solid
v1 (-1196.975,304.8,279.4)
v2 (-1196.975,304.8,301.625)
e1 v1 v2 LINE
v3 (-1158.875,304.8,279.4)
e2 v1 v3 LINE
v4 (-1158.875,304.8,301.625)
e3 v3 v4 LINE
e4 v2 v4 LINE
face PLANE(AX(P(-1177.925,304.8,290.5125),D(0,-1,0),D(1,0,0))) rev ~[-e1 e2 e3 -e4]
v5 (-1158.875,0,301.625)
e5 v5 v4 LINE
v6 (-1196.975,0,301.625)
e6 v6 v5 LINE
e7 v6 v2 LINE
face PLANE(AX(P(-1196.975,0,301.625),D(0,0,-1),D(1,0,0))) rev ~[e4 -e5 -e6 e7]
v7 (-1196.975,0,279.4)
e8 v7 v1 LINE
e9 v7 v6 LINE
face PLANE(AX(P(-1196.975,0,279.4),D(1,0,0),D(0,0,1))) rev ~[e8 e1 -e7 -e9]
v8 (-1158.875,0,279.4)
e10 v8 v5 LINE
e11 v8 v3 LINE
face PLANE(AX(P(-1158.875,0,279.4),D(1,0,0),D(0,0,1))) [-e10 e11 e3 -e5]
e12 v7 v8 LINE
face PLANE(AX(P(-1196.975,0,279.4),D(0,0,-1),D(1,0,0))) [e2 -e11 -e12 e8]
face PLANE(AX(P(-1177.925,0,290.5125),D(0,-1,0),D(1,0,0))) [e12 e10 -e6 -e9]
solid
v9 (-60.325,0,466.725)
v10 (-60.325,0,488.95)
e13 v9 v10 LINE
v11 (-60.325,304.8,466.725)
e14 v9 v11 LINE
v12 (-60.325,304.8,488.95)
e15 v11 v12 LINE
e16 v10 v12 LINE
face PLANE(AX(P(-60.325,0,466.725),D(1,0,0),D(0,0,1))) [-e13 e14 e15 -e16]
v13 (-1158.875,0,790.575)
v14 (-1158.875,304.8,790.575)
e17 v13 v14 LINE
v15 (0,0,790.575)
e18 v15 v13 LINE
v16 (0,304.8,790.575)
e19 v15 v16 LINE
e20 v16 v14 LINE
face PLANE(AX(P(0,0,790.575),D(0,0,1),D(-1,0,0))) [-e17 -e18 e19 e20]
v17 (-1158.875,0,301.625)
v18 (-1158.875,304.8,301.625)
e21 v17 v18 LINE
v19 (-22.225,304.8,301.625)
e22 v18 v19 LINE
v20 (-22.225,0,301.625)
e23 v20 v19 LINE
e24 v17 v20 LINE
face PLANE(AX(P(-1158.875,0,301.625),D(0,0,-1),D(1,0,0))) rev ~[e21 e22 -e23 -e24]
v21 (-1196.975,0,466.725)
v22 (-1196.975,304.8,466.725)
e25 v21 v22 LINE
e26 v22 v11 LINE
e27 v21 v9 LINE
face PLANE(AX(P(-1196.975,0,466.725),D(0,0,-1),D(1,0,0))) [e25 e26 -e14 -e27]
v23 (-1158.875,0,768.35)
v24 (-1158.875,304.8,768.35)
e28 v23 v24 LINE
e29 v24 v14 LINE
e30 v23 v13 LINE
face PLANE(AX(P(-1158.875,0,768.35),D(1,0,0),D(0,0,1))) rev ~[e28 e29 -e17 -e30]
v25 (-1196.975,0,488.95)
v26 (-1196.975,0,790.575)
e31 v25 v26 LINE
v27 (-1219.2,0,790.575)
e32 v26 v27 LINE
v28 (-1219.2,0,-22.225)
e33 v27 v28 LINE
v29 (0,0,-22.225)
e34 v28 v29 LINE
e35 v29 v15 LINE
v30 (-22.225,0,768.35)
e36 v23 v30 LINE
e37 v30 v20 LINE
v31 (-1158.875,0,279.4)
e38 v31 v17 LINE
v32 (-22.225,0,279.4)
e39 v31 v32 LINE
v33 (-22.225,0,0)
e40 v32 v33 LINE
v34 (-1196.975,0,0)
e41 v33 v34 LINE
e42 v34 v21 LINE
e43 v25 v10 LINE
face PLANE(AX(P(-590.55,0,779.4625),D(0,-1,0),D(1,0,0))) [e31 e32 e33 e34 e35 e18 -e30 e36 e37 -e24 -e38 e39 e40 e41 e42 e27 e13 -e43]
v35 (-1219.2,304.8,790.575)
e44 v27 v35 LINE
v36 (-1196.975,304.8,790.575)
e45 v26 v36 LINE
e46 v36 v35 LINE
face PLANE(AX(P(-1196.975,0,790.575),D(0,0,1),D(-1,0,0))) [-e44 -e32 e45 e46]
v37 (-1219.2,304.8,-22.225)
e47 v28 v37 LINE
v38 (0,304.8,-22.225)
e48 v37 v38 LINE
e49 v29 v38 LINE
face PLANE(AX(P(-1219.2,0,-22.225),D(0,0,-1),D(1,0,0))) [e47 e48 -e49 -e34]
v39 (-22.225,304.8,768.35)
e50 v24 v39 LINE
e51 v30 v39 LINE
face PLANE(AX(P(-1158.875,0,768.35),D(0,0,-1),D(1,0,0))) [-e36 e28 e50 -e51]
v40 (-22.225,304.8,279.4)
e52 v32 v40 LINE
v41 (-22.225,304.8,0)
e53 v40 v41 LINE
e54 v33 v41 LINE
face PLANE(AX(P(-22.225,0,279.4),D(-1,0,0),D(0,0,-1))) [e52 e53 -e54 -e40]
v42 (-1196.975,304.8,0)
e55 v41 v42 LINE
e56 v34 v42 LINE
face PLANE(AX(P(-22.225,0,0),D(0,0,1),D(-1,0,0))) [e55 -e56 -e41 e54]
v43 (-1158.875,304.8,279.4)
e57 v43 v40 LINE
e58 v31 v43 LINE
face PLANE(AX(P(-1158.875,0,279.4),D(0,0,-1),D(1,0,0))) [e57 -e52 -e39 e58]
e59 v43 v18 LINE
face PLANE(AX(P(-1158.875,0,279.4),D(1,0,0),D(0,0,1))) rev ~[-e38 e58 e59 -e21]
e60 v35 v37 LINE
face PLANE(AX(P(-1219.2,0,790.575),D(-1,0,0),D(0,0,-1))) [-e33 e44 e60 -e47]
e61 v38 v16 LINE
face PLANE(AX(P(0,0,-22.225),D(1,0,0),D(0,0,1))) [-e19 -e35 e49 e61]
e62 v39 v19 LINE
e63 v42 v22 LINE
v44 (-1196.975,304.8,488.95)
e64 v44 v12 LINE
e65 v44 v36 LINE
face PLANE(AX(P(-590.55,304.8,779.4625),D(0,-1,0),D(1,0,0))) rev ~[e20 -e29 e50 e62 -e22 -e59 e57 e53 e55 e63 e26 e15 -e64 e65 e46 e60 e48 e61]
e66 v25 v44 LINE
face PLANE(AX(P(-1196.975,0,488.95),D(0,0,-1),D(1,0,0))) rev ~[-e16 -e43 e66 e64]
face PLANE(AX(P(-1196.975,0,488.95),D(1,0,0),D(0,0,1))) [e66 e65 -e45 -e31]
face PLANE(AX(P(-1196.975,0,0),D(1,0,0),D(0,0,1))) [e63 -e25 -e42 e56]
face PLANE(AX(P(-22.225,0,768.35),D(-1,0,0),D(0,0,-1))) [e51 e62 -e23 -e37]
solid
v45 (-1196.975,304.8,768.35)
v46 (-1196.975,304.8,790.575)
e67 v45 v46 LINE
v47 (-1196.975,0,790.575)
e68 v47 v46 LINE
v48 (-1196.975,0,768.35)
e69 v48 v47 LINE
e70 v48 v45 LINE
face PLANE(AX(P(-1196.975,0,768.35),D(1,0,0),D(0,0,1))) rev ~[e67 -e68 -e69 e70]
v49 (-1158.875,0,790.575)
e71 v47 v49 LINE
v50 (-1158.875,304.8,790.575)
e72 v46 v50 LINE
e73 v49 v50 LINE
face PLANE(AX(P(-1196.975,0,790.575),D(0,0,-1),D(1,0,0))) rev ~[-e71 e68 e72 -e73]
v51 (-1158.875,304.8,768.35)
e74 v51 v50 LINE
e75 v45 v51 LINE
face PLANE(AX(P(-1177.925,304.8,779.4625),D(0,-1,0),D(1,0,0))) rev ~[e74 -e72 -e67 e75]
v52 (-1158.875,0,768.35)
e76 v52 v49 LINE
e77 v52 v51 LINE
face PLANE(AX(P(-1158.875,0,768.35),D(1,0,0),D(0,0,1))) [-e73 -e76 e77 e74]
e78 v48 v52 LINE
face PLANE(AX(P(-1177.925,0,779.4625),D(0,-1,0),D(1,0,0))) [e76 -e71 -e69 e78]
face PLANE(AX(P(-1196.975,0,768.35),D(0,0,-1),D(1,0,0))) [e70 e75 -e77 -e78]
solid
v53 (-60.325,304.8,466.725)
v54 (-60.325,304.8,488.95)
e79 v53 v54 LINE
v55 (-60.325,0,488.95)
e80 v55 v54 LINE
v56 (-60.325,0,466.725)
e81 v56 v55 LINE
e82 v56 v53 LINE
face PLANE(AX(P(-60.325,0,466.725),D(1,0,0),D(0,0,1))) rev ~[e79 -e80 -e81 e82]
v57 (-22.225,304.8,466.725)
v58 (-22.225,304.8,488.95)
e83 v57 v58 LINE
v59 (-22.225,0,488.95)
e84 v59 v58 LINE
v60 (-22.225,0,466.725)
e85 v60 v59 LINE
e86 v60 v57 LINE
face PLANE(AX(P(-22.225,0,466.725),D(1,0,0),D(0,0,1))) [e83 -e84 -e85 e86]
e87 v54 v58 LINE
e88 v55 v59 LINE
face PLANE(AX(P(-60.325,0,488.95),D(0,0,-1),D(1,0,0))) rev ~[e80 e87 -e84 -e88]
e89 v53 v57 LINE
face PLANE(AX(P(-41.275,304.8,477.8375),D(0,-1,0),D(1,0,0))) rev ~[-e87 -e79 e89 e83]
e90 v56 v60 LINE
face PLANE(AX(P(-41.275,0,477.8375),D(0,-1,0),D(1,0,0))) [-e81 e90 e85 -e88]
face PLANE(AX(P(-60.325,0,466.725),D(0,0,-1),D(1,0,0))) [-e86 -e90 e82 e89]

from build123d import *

# Parameters (mm, degrees)
F0_W     = 1136.65
F0_H     = 22.225
F1_DEPTH = 304.8
F0_W_2   = 38.1
F2_DEPTH = 304.8


with BuildPart() as f1:
    # F0 (on Front) → F1 (new body)
    with BuildSketch(Plane.XZ):
        with Locations((-590.55, 779.4625)):
            Rectangle(F0_W, F0_H)
        Polygon((-1219.2, 0), (-1196.975, 0), (-1196.975, 279.4), (-1196.975, 301.625), (-1196.975, 466.725), (-1196.975, 488.95), (-1196.975, 768.35), (-1196.975, 790.575), (-1219.2, 790.575), align=None)
        with Locations((-628.65, 477.8375)):
            Rectangle(F0_W, F0_H)
        Polygon((-22.225, 0), (0, 0), (0, 790.575), (-22.225, 790.575), (-22.225, 768.35), (-22.225, 488.95), (-22.225, 466.725), (-22.225, 301.625), (-22.225, 279.4), align=None)
        with Locations((-590.55, 290.5125)):
            Rectangle(F0_W, F0_H)
        Polygon((0, -22.225), (0, 0), (-22.225, 0), (-1196.975, 0), (-1219.2, 0), (-1219.2, -22.225), align=None)
    extrude(amount=-F1_DEPTH)


with BuildPart() as f2:
    # F0 (on Front) → F2 (new body)
    with BuildSketch(Plane.XZ):
        with Locations((-1177.925, 779.4625)):
            Rectangle(F0_W_2, F0_H)
        with Locations((-41.275, 477.8375)):
            Rectangle(F0_W_2, F0_H)
        with Locations((-1177.925, 290.5125)):
            Rectangle(F0_W_2, F0_H)
    extrude(amount=-F2_DEPTH)


solid = Compound([f1.part, f2.part])
